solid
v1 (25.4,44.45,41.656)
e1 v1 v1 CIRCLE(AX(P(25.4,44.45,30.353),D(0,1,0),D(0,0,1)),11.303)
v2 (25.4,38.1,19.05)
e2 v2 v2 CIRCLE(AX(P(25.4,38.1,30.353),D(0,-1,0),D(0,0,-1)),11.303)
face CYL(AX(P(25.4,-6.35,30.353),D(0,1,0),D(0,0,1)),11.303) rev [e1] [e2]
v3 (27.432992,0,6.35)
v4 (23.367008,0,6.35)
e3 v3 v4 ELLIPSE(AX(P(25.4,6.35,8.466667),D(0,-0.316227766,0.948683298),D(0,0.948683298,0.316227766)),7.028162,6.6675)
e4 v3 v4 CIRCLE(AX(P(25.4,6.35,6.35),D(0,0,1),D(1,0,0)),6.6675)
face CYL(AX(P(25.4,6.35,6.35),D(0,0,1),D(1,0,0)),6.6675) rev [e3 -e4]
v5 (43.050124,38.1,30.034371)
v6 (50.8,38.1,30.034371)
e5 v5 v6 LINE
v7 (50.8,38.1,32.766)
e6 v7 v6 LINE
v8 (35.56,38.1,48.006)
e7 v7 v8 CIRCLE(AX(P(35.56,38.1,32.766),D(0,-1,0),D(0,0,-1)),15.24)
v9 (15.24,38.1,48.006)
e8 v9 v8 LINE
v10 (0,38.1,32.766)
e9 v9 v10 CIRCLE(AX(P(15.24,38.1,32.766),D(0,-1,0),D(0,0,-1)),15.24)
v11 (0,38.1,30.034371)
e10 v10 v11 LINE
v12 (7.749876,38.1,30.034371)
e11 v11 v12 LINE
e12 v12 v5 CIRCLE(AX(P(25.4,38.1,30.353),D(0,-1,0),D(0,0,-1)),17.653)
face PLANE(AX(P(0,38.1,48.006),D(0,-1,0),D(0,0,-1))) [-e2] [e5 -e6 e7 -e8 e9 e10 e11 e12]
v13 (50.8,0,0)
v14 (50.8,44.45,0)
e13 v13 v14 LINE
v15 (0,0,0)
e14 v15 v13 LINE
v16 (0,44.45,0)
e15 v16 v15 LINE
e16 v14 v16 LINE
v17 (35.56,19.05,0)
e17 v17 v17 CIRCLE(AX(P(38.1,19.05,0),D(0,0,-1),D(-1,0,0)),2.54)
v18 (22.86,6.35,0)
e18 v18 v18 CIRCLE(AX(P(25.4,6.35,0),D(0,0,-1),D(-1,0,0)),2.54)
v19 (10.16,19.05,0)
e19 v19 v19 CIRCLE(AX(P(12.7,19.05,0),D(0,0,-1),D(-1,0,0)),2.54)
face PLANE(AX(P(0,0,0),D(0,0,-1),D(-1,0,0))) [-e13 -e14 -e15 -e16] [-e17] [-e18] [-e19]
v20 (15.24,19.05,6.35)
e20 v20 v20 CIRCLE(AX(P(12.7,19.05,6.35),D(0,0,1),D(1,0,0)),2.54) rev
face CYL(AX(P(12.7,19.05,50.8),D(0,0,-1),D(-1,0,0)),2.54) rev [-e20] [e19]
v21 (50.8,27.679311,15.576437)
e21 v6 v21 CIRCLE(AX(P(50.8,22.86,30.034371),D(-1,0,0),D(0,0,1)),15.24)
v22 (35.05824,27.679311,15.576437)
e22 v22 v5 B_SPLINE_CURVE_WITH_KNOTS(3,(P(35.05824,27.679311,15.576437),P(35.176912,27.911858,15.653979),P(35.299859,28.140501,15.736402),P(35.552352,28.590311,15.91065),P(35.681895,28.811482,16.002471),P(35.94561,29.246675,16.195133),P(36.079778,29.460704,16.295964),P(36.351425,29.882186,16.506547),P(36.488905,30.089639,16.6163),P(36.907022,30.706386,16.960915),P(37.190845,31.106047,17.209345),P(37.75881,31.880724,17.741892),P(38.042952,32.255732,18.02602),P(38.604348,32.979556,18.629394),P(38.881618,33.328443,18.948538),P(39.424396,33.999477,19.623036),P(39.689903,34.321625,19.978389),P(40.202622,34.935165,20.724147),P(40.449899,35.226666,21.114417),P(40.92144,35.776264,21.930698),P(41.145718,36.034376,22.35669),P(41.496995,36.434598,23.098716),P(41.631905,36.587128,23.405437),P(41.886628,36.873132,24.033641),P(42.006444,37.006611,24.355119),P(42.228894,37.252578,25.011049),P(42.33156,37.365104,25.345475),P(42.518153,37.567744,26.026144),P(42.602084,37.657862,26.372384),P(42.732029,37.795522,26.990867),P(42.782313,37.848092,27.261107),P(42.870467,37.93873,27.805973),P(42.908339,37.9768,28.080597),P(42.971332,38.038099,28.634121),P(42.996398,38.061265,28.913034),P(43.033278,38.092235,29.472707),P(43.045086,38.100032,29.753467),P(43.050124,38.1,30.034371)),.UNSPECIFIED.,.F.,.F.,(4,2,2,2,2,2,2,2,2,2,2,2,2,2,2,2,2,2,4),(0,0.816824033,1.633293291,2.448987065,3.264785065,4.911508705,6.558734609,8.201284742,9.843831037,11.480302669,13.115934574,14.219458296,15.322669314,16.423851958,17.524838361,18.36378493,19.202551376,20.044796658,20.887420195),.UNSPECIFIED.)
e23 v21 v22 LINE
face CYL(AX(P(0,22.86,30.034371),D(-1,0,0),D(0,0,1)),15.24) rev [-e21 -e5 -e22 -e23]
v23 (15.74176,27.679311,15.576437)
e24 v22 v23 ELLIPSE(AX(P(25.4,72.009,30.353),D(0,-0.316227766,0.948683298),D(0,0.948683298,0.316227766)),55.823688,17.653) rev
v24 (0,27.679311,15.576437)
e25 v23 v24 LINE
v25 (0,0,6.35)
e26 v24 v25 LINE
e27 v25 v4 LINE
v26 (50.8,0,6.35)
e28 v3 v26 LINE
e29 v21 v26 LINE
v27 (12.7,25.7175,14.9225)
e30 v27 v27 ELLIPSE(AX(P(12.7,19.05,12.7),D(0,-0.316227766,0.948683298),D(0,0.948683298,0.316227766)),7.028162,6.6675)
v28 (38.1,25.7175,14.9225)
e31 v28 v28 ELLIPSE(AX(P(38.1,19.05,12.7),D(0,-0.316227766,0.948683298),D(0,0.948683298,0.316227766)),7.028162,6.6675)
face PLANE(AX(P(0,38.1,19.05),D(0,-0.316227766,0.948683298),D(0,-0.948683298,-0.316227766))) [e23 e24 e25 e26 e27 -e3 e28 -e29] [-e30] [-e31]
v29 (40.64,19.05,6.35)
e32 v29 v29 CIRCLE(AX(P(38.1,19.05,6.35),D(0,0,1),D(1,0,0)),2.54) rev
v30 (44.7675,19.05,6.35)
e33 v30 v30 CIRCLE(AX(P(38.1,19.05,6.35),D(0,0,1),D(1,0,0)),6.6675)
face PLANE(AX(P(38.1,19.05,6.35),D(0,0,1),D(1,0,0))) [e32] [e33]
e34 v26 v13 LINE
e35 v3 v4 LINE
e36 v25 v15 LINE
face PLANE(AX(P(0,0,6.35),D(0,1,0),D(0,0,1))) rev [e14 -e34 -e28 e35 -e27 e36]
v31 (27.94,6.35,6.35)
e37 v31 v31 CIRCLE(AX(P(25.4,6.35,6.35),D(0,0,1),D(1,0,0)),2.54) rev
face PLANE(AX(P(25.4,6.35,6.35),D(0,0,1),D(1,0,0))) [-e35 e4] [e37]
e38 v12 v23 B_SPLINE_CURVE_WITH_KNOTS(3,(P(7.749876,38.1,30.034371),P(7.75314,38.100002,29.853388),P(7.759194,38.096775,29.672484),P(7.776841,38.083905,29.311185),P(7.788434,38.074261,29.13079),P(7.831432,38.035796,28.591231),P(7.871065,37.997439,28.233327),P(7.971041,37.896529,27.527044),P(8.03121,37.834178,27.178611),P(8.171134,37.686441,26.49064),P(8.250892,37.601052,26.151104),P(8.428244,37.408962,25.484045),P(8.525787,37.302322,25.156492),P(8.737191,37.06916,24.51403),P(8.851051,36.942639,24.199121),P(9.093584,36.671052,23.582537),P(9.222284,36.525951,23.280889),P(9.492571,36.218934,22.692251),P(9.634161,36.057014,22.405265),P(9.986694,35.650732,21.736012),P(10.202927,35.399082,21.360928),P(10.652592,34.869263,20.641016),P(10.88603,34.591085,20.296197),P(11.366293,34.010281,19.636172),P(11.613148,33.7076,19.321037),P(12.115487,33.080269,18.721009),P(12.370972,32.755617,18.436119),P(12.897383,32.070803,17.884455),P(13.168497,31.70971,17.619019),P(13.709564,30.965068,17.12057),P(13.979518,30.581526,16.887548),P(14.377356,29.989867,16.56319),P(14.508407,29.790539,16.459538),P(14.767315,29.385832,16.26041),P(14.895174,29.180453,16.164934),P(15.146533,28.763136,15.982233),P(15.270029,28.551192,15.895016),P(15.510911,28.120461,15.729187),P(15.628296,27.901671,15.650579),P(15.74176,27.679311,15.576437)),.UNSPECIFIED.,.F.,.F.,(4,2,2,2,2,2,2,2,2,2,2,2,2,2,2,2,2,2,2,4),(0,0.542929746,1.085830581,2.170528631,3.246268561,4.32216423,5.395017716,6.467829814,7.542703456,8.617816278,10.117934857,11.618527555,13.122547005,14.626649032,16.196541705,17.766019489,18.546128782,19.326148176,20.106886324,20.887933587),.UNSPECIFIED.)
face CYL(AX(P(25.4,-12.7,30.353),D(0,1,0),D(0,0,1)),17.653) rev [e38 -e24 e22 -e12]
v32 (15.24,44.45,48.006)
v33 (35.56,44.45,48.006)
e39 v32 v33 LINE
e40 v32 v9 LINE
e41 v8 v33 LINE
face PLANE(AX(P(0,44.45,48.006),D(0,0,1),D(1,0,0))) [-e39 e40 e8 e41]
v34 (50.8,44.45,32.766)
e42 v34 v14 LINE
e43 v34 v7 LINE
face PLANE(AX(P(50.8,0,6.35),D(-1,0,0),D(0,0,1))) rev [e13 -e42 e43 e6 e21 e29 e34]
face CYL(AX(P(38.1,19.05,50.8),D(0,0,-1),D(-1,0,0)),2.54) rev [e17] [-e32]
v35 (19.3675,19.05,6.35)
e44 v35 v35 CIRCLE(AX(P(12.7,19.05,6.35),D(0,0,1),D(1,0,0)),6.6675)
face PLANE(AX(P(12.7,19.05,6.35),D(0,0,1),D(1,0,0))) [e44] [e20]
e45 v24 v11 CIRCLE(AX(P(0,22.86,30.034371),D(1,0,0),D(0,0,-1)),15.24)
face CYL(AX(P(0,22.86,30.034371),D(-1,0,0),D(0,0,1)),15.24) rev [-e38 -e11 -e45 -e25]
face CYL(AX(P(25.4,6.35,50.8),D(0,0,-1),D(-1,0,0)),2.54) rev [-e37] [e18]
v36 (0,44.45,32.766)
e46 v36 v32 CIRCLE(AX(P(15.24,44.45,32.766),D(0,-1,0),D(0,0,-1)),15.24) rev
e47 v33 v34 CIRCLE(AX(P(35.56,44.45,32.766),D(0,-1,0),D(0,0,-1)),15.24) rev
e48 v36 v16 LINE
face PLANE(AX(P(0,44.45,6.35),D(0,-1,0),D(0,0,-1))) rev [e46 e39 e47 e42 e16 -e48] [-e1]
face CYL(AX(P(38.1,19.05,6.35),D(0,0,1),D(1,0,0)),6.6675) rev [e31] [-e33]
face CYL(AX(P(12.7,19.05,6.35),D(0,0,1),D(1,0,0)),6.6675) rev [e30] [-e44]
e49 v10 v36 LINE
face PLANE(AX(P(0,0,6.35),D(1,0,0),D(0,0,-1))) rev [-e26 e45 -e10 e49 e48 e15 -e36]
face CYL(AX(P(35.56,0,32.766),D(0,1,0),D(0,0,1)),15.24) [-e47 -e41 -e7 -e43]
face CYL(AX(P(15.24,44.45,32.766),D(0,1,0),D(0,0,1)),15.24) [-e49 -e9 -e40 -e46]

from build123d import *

# Parameters (mm, degrees)
SKETCH1_W           = 50.8
SKETCH1_H           = 44.45
BOSS_EXTRUDE1_DEPTH = 6.35
BOSS_EXTRUDE2_DEPTH = 50.8
SKETCH3_R           = 11.303
CUT_EXTRUDE1_DEPTH  = 50.8
SKETCH4_R           = 2.54
CUT_EXTRUDE2_DEPTH  = 50.8
SKETCH5_R           = 6.6675
CUT_EXTRUDE3_DEPTH  = 41.656
SKETCH6_R           = 17.653
CUT_EXTRUDE4_DEPTH  = 50.8
FILLET1_R           = 15.24


with BuildPart() as part:
    # Sketch1 → Boss-Extrude1 (new body)
    with BuildSketch(Plane.XY):
        with Locations((25.4, 22.225)):
            Rectangle(SKETCH1_W, SKETCH1_H)
    extrude(amount=BOSS_EXTRUDE1_DEPTH)

    # Sketch2 → Boss-Extrude2 (add)
    with BuildSketch(Plane(origin=(50.8, 0, 0), x_dir=(0, 0, -1), z_dir=(1, 0, 0))):
        Polygon((-6.35, 0), (-6.35, 44.45), (-48.006, 44.45), (-48.006, 38.1), (-19.05, 38.1), align=None)
    extrude(amount=-BOSS_EXTRUDE2_DEPTH)

    # Sketch3 → Cut-Extrude1 (cut)
    with BuildSketch(Plane(origin=(0, 44.45, 0), x_dir=(1, 0, 0), z_dir=(0, 1, 0))):
        with Locations(Location((25.4, -30.353, 0), (0, 0, 270))):
            Circle(SKETCH3_R)
    extrude(amount=-CUT_EXTRUDE1_DEPTH, mode=Mode.SUBTRACT)

    # Sketch4 → Cut-Extrude2 (cut)
    with BuildSketch(Plane(origin=(0, 0, 0), x_dir=(-1, 0, 0), z_dir=(0, 0, -1))):
        with Locations((-25.4, 6.35)):
            Circle(SKETCH4_R)
        with Locations((-38.1, 19.05)):
            Circle(SKETCH4_R)
        with Locations((-12.7, 19.05)):
            Circle(SKETCH4_R)
    extrude(amount=-CUT_EXTRUDE2_DEPTH, mode=Mode.SUBTRACT)

    # Sketch5 → Cut-Extrude3 (cut)
    with BuildSketch(Plane.XY.offset(48.006)):
        with Locations((12.7, 19.05)):
            Circle(SKETCH5_R)
        with Locations((38.1, 19.05)):
            Circle(SKETCH5_R)
        with Locations((25.4, 6.35)):
            Circle(SKETCH5_R)
    extrude(amount=-CUT_EXTRUDE3_DEPTH, mode=Mode.SUBTRACT)

    # Sketch6 → Cut-Extrude4 (cut)
    with BuildSketch(Plane.XZ.offset(-38.1)):
        with Locations((25.4, 30.353)):
            Circle(SKETCH6_R)
    extrude(amount=CUT_EXTRUDE4_DEPTH, mode=Mode.SUBTRACT)

    # Fillet1
    fillet1_edges = [part.edges().sort_by_distance(p)[0] for p in [
        (5.92005531, 38.1, 19.05),
        (44.87994469, 38.1, 19.05),
        (50.8, 41.275, 48.006),
        (0, 41.275, 48.006),
    ]]
    fillet(fillet1_edges, radius=FILLET1_R)


solid = part.part
